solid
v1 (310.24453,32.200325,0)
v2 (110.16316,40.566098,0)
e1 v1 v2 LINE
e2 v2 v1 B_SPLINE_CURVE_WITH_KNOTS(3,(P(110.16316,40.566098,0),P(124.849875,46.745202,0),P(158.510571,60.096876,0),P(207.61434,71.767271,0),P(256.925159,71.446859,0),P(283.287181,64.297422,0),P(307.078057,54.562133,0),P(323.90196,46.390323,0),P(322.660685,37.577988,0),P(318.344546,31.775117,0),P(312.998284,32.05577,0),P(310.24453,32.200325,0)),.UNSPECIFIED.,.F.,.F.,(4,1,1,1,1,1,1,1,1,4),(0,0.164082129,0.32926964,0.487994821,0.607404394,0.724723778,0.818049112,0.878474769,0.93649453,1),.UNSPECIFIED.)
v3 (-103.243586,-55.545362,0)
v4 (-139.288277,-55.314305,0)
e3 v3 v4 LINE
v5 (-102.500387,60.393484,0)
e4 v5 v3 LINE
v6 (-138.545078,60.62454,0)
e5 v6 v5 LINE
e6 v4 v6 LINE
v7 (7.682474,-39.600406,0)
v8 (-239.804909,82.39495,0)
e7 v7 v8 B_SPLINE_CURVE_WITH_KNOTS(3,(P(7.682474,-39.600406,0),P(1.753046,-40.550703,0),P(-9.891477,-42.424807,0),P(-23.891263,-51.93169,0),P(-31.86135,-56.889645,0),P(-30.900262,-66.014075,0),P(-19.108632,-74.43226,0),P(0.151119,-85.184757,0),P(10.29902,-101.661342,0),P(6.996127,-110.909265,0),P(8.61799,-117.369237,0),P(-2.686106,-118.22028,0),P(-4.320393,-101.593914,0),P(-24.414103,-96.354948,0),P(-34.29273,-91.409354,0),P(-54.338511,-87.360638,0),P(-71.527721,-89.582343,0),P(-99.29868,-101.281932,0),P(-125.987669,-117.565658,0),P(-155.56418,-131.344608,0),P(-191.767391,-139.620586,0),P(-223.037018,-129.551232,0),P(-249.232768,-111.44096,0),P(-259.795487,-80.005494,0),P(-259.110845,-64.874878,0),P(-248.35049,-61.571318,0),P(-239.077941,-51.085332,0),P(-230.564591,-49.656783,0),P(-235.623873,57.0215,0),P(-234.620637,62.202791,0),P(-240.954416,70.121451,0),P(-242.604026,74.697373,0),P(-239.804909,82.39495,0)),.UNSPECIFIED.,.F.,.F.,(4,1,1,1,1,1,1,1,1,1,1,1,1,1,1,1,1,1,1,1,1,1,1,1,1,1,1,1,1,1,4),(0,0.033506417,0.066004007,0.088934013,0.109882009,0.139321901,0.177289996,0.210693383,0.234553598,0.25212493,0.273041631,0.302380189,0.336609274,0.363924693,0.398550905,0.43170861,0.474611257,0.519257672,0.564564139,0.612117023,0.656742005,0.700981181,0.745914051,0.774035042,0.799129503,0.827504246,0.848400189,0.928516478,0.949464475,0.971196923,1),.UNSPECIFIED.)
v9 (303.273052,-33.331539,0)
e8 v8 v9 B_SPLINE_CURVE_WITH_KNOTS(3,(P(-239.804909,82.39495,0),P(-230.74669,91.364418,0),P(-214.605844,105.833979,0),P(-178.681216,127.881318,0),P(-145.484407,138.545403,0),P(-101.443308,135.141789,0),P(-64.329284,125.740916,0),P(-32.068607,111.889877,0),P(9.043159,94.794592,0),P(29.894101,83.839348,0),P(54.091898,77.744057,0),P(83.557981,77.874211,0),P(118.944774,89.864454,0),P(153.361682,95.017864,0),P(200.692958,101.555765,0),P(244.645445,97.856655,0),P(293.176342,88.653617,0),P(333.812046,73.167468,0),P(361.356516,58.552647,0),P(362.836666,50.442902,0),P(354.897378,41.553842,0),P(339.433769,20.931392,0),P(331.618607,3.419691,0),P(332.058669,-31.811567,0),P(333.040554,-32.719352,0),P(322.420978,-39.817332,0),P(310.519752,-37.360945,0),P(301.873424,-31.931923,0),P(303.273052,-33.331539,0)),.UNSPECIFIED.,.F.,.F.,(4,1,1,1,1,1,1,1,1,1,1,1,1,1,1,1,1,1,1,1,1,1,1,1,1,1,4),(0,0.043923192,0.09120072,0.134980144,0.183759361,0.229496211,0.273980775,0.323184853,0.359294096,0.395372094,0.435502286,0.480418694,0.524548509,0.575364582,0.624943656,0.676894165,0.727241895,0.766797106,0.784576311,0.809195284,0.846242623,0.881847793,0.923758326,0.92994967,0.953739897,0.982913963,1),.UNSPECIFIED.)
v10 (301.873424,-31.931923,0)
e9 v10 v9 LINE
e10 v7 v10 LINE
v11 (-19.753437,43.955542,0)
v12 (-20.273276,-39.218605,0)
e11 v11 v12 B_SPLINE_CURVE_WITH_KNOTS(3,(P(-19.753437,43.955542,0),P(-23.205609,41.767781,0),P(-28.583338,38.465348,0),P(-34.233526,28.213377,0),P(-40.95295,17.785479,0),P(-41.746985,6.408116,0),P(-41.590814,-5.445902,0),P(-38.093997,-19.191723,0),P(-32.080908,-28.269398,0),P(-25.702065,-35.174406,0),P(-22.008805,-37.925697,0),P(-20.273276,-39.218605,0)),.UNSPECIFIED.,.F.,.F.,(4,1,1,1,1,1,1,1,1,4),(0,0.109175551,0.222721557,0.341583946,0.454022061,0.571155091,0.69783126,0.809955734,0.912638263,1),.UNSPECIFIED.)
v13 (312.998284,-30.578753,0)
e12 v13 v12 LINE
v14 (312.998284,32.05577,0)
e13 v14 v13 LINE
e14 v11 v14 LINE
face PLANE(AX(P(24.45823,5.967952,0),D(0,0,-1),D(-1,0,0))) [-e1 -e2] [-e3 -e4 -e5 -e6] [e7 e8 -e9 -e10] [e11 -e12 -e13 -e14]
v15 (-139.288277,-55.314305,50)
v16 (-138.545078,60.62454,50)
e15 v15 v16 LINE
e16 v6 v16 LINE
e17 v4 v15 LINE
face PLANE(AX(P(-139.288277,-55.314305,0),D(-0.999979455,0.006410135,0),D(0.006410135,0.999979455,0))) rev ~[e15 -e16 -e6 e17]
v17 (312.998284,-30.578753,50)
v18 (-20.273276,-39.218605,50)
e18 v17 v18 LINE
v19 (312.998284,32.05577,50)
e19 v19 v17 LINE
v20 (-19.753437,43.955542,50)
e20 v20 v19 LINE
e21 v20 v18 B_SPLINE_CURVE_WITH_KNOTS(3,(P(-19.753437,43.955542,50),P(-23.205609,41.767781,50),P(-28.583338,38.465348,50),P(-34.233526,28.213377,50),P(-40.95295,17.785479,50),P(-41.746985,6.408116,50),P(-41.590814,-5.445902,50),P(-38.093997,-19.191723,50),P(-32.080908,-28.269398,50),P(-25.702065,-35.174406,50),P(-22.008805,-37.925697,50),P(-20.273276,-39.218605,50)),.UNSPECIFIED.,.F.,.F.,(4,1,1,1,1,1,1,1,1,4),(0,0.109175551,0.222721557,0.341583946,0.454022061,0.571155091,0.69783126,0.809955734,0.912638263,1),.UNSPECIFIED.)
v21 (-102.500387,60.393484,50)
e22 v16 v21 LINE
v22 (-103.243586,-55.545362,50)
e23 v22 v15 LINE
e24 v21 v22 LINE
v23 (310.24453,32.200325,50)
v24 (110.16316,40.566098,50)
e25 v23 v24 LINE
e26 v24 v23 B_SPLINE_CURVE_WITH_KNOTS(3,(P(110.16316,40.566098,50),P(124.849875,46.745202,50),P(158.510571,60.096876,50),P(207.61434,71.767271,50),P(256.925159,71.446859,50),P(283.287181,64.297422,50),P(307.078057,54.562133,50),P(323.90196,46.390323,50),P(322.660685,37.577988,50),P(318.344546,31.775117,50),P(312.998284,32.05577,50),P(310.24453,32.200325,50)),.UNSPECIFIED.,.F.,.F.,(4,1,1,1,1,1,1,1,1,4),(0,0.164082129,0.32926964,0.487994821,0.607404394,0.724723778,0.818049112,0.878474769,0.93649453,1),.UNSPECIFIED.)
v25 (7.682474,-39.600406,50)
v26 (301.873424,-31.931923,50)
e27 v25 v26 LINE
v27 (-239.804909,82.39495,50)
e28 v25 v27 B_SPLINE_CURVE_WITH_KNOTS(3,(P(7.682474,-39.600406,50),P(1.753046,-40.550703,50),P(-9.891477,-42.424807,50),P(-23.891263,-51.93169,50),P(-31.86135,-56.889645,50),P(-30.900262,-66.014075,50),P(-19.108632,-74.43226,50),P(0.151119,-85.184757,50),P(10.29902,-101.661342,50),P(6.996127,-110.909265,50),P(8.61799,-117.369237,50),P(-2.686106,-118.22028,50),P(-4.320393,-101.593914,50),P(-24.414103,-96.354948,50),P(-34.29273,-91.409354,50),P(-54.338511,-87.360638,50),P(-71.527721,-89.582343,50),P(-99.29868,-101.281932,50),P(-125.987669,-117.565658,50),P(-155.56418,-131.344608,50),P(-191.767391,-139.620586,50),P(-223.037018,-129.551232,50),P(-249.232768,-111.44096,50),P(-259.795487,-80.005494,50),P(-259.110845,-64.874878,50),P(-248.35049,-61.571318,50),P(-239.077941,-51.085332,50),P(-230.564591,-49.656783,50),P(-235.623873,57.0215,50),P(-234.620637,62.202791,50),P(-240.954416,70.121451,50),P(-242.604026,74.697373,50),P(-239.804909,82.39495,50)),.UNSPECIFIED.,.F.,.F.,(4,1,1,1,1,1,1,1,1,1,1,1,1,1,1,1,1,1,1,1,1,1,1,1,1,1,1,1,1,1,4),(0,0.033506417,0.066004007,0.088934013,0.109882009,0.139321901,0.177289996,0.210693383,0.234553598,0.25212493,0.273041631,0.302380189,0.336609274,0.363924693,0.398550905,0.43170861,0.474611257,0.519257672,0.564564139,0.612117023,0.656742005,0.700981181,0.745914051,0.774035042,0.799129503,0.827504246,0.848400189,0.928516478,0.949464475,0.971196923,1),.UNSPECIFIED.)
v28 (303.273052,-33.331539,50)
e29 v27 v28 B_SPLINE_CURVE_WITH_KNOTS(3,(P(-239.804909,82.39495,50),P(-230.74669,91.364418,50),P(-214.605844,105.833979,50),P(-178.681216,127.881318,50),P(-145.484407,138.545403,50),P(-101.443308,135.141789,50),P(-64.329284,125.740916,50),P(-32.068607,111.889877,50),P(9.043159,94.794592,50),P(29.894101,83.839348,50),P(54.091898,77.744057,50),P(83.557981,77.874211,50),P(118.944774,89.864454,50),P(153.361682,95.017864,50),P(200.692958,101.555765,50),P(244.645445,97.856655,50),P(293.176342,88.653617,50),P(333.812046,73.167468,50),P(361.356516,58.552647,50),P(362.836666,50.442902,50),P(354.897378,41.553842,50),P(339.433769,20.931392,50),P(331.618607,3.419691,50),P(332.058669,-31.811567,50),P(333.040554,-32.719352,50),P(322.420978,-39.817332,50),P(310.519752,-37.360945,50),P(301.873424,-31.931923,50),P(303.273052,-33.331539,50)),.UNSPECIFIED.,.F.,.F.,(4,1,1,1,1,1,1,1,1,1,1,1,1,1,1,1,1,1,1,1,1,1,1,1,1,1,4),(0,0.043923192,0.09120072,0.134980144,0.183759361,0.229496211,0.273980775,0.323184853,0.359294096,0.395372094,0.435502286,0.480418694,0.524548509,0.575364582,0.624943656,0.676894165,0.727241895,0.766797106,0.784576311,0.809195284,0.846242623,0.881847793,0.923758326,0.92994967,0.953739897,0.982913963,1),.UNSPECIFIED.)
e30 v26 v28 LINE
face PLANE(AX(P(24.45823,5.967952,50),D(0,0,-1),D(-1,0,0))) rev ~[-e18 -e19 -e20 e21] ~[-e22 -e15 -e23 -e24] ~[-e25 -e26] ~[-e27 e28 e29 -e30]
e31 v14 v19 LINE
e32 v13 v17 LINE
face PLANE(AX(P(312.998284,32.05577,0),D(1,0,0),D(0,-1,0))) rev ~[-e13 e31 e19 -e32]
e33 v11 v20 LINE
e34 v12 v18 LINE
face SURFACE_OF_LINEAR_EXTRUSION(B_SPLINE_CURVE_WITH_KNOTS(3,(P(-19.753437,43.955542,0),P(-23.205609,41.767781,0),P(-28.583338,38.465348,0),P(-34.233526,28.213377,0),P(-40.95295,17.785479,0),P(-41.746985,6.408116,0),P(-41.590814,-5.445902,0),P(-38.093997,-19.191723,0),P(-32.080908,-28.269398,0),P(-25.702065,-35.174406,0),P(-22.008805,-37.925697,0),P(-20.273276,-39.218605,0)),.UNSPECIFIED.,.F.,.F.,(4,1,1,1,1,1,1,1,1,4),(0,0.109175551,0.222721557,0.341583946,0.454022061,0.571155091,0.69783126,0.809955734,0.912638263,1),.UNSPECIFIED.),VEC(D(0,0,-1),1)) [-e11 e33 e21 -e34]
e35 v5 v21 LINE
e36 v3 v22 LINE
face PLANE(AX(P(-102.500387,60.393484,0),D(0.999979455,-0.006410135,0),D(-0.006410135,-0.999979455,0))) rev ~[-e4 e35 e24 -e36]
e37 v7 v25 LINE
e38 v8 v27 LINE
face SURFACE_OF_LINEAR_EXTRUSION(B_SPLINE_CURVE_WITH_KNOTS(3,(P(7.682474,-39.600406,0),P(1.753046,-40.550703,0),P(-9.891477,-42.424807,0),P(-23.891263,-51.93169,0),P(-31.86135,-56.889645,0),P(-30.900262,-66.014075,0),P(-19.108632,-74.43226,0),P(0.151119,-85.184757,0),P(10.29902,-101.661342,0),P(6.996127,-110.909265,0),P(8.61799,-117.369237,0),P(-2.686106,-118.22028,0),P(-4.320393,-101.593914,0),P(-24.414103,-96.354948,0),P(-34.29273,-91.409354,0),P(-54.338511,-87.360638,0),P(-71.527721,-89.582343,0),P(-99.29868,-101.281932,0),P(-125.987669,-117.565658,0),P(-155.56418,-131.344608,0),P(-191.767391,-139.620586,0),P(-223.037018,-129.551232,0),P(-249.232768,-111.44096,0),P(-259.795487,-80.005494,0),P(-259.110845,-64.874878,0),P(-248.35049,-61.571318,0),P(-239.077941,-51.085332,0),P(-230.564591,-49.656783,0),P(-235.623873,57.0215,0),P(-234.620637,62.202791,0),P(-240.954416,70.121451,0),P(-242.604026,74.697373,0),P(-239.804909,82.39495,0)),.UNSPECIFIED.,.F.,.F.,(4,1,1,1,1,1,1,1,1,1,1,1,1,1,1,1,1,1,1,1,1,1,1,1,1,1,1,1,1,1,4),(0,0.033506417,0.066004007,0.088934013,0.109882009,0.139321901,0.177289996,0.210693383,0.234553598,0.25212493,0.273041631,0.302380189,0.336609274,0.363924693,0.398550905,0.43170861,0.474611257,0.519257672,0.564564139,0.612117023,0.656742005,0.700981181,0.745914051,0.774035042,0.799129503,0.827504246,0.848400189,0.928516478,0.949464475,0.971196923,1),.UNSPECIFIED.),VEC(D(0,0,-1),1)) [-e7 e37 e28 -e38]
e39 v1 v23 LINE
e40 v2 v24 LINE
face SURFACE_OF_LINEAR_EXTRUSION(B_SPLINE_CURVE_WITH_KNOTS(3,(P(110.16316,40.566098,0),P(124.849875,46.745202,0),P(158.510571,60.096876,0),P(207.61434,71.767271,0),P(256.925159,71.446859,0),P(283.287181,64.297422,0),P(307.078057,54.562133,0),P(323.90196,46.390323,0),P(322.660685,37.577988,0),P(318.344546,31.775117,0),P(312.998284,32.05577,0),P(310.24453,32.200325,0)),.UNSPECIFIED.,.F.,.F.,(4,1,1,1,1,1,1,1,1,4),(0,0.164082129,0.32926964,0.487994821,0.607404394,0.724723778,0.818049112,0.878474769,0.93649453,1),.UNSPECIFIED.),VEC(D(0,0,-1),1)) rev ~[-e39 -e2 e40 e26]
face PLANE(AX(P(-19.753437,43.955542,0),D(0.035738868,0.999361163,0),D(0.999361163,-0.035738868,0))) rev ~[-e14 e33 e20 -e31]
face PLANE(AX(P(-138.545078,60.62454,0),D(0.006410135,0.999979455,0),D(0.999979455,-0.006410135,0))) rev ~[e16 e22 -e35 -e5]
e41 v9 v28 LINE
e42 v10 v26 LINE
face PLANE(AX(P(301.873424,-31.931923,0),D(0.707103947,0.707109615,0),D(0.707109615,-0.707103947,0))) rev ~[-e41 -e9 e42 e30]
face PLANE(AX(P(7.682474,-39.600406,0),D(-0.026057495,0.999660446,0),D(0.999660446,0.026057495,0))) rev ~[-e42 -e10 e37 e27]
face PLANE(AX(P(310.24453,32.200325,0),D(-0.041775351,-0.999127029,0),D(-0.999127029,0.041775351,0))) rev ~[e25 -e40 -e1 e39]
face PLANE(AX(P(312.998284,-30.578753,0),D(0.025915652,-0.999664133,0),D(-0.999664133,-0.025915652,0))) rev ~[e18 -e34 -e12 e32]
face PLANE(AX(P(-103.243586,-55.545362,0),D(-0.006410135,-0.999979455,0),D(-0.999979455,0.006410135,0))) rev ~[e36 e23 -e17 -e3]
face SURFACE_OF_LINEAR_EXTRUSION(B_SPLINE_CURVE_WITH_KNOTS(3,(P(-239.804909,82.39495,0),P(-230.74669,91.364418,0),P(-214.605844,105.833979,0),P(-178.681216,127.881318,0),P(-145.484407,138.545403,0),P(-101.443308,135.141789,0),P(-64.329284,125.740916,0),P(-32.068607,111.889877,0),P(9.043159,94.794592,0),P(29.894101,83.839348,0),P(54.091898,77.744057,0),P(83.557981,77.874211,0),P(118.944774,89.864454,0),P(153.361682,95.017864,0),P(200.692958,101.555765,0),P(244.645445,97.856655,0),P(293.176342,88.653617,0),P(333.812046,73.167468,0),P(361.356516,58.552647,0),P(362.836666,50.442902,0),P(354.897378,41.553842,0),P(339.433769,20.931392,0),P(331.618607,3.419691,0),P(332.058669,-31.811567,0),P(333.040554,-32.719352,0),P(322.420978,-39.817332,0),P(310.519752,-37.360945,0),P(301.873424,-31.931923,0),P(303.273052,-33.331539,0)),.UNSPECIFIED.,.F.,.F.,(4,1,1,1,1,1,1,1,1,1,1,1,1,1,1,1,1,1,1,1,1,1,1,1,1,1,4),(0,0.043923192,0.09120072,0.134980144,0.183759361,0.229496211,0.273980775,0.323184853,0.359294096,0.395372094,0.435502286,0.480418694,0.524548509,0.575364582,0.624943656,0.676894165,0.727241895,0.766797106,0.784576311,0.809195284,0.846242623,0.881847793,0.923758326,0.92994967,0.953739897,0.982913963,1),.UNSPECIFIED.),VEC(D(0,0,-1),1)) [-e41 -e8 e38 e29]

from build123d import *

# Parameters (mm, degrees)
F1_DEPTH = 50


with BuildPart() as f1:
    # F0 (on Top) → F1 (new body)
    with BuildSketch(Plane.XY):
        with BuildLine():
            add(Edge.make_bspline(
                [(-239.8049086332, 82.3949500918), (-230.7466903747, 91.364418151), (-214.6058443333, 105.8339785625), (-178.6812164409, 127.88131805), (-145.484407402, 138.5454026534), (-101.4433083275, 135.1417891192), (-64.3292841029, 125.740915806), (-32.0686073099, 111.8898765927), (9.0431589586, 94.7945921785), (29.8941013319, 83.8393482983), (54.0918979029, 77.7440565166), (83.5579805977, 77.8742108018), (118.9447735949, 89.8644539726), (153.3616818074, 95.0178637845), (200.6929584184, 101.5557651212), (244.6454449875, 97.8566549063), (293.1763421095, 88.6536165366), (333.8120456787, 73.1674684444), (361.3565164818, 58.5526470393), (362.8366658043, 50.4429024435), (354.8973780194, 41.5538418233), (339.4337686617, 20.9313917316), (331.6186065591, 3.4196914204), (332.0586692567, -31.8115665161), (333.040554398, -32.7193523505), (322.4209784227, -39.8173320308), (310.5197515375, -37.3609450166), (301.8734238278, -31.9319225511), (303.2730519772, -33.3315394819)],
                knots=[0, 0, 0, 0, 0.0439231925, 0.0912007196, 0.1349801444, 0.183759361, 0.2294962114, 0.2739807752, 0.3231848531, 0.3592940965, 0.3953720945, 0.4355022864, 0.4804186944, 0.5245485093, 0.5753645819, 0.6249436563, 0.6768941647, 0.7272418948, 0.7667971056, 0.7845763113, 0.8091952835, 0.846242623, 0.8818477926, 0.9237583257, 0.9299496695, 0.9537398971, 0.9829139631, 1, 1, 1, 1], degree=3))
            add(Edge.make_bspline(
                [(7.6824738644, -39.6004055468), (1.7530456163, -40.5507034247), (-9.8914767259, -42.4248067762), (-23.8912628801, -51.9316895228), (-31.8613502746, -56.8896447118), (-30.9002619375, -66.0140747941), (-19.1086319917, -74.4322601205), (0.151118906, -85.1847574346), (10.299020474, -101.6613419265), (6.9961269769, -110.9092645667), (8.6179895149, -117.3692369342), (-2.6861062152, -118.2202802206), (-4.3203927633, -101.5939141965), (-24.4141031737, -96.3549483644), (-34.2927298334, -91.4093542459), (-54.3385114855, -87.3606378539), (-71.5277211018, -89.5823428911), (-99.2986802974, -101.2819322085), (-125.9876693299, -117.5656581471), (-155.5641797858, -131.3446083231), (-191.7673912203, -139.6205859845), (-223.0370176277, -129.5512320075), (-249.2327683871, -111.4409597574), (-259.7954866035, -80.0054939379), (-259.110845145, -64.8748776663), (-248.3504903465, -61.5713178802), (-239.0779405726, -51.0853321426), (-230.5645906193, -49.6567830678), (-235.6238726521, 57.0215004018), (-234.6206373046, 62.2027905307), (-240.9544156942, 70.1214506451), (-242.6040263043, 74.6973727569), (-239.8049086332, 82.3949500918)],
                knots=[0, 0, 0, 0, 0.0335064171, 0.0660040071, 0.0889340129, 0.109882009, 0.1393219008, 0.1772899956, 0.2106933832, 0.2345535978, 0.25212493, 0.2730416305, 0.3023801888, 0.3366092739, 0.363924693, 0.3985509047, 0.4317086104, 0.4746112569, 0.5192576721, 0.5645641387, 0.6121170229, 0.6567420052, 0.7009811806, 0.7459140508, 0.7740350424, 0.7991295027, 0.8275042455, 0.8484001888, 0.9285164785, 0.9494644752, 0.9711969228, 1, 1, 1, 1], degree=3))
            Line((7.6824738644, -39.6004055468), (301.8734238278, -31.9319225511))
            Line((301.8734238278, -31.9319225511), (303.2730519772, -33.3315394819))
        make_face()
        Polygon((-139.2882771355, -55.3143054821), (-138.5450781978, 60.6245404994), (-102.5003867628, 60.3934844098), (-103.2435857005, -55.5453615716), align=None, mode=Mode.SUBTRACT)
        with BuildLine():
            add(Edge.make_bspline(
                [(-19.7534374893, 43.9555421472), (-23.2056085451, 41.7677813498), (-28.5833381807, 38.4653477089), (-34.2335264723, 28.2133773982), (-40.9529503028, 17.7854788442), (-41.7469846056, 6.4081158922), (-41.590814454, -5.4459024859), (-38.0939971607, -19.1917228451), (-32.0809084976, -28.2693975511), (-25.7020650316, -35.1744055905), (-22.0088051442, -37.9256965212), (-20.2732756734, -39.2186045647)],
                knots=[0, 0, 0, 0, 0.1091755513, 0.222721557, 0.3415839461, 0.4540220613, 0.5711550914, 0.6978312595, 0.8099557344, 0.9126382629, 1, 1, 1, 1], degree=3))
            Line((-19.7534374893, 43.9555421472), (312.998283572, 32.0557701289))
            Line((312.998283572, 32.0557701289), (312.998283572, -30.5787529796))
            Line((312.998283572, -30.5787529796), (-20.2732756734, -39.2186045647))
        make_face(mode=Mode.SUBTRACT)
        with BuildLine():
            Line((310.2445304394, 32.2003252804), (110.1631596684, 40.566097945))
            add(Edge.make_bspline(
                [(110.1631596684, 40.566097945), (124.8498747771, 46.7452020355), (158.5105709505, 60.0968757775), (207.6143397073, 71.7672709728), (256.9251591922, 71.4468589354), (283.287180541, 64.2974220642), (307.0780567139, 54.5621331548), (323.9019595123, 46.390322776), (322.660685006, 37.5779883621), (318.3445455647, 31.7751171257), (312.998283572, 32.0557701289), (310.2445304394, 32.2003252804)],
                knots=[0, 0, 0, 0, 0.1640821291, 0.3292696396, 0.4879948213, 0.6074043937, 0.7247237775, 0.8180491116, 0.8784747694, 0.9364945302, 1, 1, 1, 1], degree=3))
        make_face(mode=Mode.SUBTRACT)
    extrude(amount=F1_DEPTH)


solid = f1.part
